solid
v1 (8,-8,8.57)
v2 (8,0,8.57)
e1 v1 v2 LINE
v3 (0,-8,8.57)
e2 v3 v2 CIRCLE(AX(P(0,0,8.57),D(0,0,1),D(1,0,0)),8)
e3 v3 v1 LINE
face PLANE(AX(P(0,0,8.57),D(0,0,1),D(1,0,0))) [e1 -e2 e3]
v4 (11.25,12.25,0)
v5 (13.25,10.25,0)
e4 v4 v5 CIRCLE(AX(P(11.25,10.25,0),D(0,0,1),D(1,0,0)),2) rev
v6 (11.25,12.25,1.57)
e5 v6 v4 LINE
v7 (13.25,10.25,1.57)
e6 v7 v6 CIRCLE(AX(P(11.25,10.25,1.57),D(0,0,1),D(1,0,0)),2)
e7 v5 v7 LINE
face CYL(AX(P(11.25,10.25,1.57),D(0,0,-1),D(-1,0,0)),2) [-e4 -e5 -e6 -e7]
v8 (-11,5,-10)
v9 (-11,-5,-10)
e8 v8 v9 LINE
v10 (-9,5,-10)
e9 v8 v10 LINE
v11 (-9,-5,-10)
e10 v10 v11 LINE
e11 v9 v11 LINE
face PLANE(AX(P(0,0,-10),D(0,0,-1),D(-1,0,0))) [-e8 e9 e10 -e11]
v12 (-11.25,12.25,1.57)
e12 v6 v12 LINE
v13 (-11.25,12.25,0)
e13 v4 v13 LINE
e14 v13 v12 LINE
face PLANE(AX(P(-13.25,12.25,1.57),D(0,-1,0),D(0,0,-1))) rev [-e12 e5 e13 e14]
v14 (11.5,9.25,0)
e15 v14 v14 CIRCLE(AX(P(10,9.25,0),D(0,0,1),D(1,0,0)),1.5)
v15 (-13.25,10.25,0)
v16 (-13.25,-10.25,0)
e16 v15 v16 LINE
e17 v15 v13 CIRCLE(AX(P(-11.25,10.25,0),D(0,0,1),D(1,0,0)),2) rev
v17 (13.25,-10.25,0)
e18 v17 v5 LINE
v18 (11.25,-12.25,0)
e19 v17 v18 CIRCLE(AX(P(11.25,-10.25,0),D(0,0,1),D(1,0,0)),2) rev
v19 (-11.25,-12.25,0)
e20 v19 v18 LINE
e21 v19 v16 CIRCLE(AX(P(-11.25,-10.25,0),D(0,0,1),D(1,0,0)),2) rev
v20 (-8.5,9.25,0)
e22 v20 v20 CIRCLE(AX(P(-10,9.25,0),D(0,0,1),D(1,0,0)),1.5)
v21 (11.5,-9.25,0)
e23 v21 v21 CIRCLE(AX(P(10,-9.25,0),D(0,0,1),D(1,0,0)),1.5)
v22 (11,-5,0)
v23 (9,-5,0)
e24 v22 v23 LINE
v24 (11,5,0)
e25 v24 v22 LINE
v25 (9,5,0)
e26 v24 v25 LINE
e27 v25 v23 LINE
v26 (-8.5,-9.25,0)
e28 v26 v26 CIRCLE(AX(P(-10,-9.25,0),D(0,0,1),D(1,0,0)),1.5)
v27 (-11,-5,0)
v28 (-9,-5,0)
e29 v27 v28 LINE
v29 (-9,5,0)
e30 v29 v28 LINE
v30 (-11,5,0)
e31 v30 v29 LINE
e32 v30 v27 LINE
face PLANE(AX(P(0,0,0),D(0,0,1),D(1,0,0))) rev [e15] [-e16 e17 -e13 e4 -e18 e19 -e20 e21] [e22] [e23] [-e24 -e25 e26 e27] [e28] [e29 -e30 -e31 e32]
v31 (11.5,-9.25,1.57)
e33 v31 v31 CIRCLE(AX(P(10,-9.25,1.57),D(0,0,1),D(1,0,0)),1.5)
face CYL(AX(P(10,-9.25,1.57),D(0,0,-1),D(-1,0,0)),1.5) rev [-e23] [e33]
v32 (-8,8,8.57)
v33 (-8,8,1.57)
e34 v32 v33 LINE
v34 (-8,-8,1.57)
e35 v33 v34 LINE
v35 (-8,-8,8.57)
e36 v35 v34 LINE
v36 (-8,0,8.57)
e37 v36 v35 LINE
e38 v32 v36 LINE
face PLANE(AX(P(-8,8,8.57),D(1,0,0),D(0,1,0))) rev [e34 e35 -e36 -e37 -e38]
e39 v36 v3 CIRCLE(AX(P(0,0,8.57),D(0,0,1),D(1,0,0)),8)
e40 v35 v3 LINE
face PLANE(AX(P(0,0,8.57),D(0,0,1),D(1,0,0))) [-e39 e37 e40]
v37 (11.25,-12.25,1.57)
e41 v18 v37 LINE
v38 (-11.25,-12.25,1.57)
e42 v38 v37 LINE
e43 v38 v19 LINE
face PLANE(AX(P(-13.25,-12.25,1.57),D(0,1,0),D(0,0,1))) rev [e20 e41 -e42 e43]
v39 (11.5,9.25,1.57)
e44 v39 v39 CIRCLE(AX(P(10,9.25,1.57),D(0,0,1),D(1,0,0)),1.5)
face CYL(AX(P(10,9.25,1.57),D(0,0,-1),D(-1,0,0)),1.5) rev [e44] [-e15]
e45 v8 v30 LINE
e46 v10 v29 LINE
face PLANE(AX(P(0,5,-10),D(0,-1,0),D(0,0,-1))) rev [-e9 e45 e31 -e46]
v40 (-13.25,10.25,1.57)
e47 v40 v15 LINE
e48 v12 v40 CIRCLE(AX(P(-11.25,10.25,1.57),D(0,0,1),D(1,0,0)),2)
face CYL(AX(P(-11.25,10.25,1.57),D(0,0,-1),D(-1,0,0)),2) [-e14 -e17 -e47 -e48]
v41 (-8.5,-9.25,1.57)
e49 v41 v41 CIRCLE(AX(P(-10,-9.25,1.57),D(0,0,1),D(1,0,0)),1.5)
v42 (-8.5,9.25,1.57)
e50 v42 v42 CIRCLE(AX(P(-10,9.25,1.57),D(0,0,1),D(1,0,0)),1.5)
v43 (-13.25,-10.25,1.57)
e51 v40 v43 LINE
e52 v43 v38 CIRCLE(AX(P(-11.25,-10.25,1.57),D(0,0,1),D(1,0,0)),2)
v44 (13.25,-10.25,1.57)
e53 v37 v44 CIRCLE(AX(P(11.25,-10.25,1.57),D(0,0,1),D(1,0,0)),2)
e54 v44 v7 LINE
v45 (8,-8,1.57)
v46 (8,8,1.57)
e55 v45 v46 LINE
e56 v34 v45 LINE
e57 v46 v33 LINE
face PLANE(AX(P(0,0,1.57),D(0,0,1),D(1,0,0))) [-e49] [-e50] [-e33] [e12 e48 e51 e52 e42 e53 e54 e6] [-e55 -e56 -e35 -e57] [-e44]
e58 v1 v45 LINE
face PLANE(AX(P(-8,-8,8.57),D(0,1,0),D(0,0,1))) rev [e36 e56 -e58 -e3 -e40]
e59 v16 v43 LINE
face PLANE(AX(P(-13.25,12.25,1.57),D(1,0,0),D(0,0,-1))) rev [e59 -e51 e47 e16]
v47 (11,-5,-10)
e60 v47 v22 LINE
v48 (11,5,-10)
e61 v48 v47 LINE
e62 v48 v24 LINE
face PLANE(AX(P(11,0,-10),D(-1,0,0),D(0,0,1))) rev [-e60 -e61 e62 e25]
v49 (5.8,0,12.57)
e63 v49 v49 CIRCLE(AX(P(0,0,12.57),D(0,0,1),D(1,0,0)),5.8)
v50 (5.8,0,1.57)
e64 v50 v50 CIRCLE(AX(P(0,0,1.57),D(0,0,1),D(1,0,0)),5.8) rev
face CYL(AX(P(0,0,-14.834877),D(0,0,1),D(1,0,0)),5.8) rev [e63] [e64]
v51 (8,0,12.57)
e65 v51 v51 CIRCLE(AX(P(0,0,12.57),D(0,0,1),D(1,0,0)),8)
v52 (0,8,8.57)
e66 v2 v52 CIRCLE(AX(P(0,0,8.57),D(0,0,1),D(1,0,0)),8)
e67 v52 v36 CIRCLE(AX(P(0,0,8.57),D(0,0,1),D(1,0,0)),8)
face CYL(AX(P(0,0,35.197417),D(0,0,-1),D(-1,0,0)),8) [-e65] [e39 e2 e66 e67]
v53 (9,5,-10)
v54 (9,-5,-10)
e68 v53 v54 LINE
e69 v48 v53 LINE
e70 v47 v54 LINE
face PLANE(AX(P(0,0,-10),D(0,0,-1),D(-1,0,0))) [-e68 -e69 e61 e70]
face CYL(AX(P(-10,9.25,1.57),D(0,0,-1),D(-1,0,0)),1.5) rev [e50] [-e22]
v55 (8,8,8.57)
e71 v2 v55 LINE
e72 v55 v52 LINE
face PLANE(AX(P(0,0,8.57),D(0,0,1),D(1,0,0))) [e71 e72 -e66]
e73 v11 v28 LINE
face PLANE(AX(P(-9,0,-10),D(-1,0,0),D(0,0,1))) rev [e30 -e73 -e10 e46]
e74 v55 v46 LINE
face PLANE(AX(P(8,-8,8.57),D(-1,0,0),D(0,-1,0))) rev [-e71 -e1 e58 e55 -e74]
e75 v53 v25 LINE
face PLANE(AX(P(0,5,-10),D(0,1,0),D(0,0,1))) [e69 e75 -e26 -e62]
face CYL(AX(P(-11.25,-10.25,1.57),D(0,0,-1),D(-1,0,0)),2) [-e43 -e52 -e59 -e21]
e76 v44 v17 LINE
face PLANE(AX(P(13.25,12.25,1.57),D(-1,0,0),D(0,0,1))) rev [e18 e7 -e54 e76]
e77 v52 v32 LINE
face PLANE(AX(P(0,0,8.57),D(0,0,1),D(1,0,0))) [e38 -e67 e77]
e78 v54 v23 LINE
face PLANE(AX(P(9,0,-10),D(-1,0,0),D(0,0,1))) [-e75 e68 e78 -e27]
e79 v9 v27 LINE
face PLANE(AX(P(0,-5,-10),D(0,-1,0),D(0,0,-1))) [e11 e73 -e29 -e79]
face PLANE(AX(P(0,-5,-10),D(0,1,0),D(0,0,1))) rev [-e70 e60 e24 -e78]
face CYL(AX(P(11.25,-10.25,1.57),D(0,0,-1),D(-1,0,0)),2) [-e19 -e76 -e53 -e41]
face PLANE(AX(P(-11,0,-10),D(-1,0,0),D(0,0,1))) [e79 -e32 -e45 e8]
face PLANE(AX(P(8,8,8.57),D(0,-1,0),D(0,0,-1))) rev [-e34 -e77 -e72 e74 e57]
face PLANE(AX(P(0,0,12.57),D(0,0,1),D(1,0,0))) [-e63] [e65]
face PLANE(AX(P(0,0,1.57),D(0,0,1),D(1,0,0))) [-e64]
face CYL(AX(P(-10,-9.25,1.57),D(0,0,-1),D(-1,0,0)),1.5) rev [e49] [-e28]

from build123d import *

# Parameters (mm, degrees)
SKETCH_1_W          = 26.5
SKETCH_1_H          = 24.5
SKETCH_1_R          = 1.5
EXTRUDE_1_DEPTH     = 1.57
SKETCH_3_W          = 16
SKETCH_3_H          = 16
EXTRUDE_2_DEPTH     = 7
SKETCH_4_R          = 8
EXTRUDE_3_DEPTH     = 4
SKETCH_5_R          = 5.8
CUT_EXTRUDE_1_DEPTH = 11
FILLET_1_R          = 2
SKETCH_6_W          = 2
SKETCH_6_H          = 10
EXTRUDE_4_DEPTH     = 10


with BuildPart() as part:
    # 草图1 → 凸台-拉伸1 (new body)
    with BuildSketch(Plane.XY):
        Rectangle(SKETCH_1_W, SKETCH_1_H)
        with Locations((-10, 9.25)):
            Circle(SKETCH_1_R, mode=Mode.SUBTRACT)
        with Locations((10, 9.25)):
            Circle(SKETCH_1_R, mode=Mode.SUBTRACT)
        with Locations((10, -9.25)):
            Circle(SKETCH_1_R, mode=Mode.SUBTRACT)
        with Locations((-10, -9.25)):
            Circle(SKETCH_1_R, mode=Mode.SUBTRACT)
    extrude(amount=EXTRUDE_1_DEPTH)

    # 草图3 → 凸台-拉伸2 (add)
    with BuildSketch(Plane.XY.offset(1.57)):
        Rectangle(SKETCH_3_W, SKETCH_3_H)
    extrude(amount=EXTRUDE_2_DEPTH)

    # 草图4 → 凸台-拉伸3 (add)
    with BuildSketch(Plane.XY.offset(8.57)):
        Circle(SKETCH_4_R)
    extrude(amount=EXTRUDE_3_DEPTH)

    # 草图5 → 切除-拉伸1 (cut)
    with BuildSketch(Plane.XY.offset(12.57)):
        Circle(SKETCH_5_R)
    extrude(amount=-CUT_EXTRUDE_1_DEPTH, mode=Mode.SUBTRACT)

    # 圆角1
    fillet_1_edges = [part.edges().sort_by_distance(p)[0] for p in [
        (13.25, -12.25, 0.785),
        (-13.25, -12.25, 0.785),
        (-13.25, 12.25, 0.785),
        (13.25, 12.25, 0.785),
    ]]
    fillet(fillet_1_edges, radius=FILLET_1_R)

    # 草图6 → 凸台-拉伸4 (add)
    with BuildSketch(Plane(origin=(0, 0, 0), x_dir=(-1, 0, 0), z_dir=(0, 0, -1))):
        with Locations((-10, 0)):
            Rectangle(SKETCH_6_W, SKETCH_6_H)
        with Locations((10, 0)):
            Rectangle(SKETCH_6_W, SKETCH_6_H)
    extrude(amount=EXTRUDE_4_DEPTH)


solid = part.part
